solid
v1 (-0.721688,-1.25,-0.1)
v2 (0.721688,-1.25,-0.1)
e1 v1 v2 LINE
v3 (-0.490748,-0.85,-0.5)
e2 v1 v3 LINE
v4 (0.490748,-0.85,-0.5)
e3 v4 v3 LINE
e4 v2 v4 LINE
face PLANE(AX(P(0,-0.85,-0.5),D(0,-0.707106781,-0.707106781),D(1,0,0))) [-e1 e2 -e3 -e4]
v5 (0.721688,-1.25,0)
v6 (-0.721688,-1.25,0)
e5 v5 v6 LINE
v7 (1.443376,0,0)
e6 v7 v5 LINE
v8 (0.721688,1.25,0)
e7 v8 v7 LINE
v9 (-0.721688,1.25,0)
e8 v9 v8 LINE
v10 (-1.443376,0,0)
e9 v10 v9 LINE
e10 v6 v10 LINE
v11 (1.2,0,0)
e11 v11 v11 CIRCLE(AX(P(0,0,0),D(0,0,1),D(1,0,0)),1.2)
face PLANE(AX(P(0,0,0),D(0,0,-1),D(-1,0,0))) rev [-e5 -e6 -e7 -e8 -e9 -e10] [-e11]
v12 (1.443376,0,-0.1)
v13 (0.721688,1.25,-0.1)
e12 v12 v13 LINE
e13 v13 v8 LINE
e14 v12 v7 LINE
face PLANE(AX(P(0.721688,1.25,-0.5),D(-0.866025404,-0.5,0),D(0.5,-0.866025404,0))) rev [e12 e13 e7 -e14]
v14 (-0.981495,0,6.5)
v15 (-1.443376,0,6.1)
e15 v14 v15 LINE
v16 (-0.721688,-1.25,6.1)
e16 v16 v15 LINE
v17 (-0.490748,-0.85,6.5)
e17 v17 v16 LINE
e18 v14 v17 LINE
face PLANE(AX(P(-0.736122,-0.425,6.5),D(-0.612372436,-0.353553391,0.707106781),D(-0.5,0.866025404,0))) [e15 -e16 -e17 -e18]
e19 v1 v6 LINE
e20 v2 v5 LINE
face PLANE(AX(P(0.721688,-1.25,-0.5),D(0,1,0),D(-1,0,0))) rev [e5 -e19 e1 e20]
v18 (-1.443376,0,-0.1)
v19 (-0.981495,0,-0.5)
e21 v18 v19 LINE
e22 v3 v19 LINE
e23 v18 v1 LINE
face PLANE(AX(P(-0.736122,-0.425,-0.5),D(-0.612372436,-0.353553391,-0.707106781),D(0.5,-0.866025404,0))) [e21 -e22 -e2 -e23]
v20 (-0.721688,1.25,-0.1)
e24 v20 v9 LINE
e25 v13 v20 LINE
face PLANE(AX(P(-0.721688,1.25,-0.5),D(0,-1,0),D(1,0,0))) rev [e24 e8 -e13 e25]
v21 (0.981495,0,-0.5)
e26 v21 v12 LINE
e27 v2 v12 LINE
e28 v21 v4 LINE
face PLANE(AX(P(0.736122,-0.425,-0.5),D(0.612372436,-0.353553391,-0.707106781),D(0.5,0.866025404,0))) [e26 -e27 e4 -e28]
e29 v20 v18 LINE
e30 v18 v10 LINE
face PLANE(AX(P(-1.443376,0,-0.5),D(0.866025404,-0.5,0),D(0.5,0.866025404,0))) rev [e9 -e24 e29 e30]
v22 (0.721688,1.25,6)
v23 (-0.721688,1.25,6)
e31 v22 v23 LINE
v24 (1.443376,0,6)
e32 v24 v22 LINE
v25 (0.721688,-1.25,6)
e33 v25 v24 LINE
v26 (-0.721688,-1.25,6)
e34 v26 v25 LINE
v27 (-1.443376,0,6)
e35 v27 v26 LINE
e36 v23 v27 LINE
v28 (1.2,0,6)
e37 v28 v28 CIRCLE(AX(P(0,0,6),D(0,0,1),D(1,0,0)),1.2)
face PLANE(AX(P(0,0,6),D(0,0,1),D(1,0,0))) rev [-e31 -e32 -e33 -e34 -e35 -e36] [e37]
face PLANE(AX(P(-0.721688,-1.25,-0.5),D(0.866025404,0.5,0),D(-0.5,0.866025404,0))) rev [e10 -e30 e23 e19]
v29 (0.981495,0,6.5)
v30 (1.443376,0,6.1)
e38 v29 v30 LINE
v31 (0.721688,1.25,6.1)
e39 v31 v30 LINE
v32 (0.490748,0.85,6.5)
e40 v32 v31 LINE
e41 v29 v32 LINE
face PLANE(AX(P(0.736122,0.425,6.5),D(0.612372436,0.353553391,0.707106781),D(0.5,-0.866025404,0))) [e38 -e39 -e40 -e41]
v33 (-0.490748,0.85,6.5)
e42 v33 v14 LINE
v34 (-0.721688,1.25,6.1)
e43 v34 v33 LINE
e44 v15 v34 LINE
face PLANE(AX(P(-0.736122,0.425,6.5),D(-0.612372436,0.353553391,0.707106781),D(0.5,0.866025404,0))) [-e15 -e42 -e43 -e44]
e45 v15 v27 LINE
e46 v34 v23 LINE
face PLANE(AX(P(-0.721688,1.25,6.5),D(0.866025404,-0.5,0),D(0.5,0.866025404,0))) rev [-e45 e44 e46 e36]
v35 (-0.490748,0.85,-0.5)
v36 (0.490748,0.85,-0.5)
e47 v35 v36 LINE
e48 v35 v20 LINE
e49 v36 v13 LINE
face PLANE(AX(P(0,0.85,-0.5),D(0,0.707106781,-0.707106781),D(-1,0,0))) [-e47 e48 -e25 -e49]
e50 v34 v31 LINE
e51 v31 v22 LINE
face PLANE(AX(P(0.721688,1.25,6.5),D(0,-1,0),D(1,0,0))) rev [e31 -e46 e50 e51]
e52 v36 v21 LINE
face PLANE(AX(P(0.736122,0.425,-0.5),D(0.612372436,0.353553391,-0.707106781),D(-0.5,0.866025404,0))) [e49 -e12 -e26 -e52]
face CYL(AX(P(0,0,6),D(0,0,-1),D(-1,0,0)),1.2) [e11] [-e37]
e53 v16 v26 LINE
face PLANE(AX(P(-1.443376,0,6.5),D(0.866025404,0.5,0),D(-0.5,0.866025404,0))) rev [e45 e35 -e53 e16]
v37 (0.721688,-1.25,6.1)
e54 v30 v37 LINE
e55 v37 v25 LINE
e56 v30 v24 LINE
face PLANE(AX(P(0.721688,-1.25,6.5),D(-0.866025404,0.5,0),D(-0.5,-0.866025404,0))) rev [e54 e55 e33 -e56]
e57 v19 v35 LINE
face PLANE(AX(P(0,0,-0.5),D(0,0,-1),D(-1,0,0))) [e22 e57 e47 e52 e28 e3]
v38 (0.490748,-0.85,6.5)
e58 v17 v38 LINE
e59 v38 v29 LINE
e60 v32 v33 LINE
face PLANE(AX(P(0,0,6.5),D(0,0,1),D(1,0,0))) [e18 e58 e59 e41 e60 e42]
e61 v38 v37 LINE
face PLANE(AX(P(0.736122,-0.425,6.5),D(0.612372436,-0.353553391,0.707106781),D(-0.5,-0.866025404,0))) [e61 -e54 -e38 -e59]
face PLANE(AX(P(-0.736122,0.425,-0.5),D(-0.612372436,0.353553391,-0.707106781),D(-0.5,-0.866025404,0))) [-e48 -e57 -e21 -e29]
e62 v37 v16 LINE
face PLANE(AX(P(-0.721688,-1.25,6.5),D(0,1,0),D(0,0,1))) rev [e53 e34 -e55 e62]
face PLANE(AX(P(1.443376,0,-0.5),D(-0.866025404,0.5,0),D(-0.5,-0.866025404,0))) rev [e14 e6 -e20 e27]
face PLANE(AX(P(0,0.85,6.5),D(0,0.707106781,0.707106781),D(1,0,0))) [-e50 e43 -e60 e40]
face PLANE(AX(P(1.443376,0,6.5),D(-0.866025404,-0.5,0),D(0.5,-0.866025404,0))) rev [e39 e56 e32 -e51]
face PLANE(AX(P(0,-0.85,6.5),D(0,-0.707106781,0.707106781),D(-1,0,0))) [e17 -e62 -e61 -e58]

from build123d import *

# Parameters (mm, degrees)
CROQUIS1_R              = 1.2
SALIENTE_EXTRUIR1_DEPTH = 6
SALIENTE_EXTRUIR2_DEPTH = 0.5
SALIENTE_EXTRUIR3_DEPTH = 0.5
CHAFL_N1_SIZE           = 0.4
CHAFL_N2_SIZE           = 0.4
CHAFL_N3_SIZE           = 0.4
CHAFL_N4_SIZE           = 0.4
CHAFL_N5_SIZE           = 0.4
CHAFL_N6_SIZE           = 0.4
CHAFL_N7_SIZE           = 0.4
CHAFL_N8_SIZE           = 0.4
CHAFL_N9_SIZE           = 0.4
CHAFL_N10_SIZE          = 0.4
CHAFL_N11_SIZE          = 0.4
CHAFL_N12_SIZE          = 0.4


with BuildPart() as part:
    # Croquis1 → Saliente-Extruir1 (new body)
    with BuildSketch(Plane.XY):
        Circle(CROQUIS1_R)
    extrude(amount=SALIENTE_EXTRUIR1_DEPTH)

    # Croquis2 → Saliente-Extruir2 (add)
    with BuildSketch(Plane.XY.offset(6)):
        Polygon((1.443375673, 0), (0.721687836, 1.25), (-0.721687836, 1.25), (-1.443375673, 0), (-0.721687836, -1.25), (0.721687836, -1.25), align=None)
    extrude(amount=SALIENTE_EXTRUIR2_DEPTH)

    # Croquis3 → Saliente-Extruir3 (add)
    with BuildSketch(Plane(origin=(0, 0, 0), x_dir=(-1, 0, 0), z_dir=(0, 0, -1))):
        Polygon((1.443375673, 0), (0.721687836, 1.25), (-0.721687836, 1.25), (-1.443375673, 0), (-0.721687836, -1.25), (0.721687836, -1.25), align=None)
    extrude(amount=SALIENTE_EXTRUIR3_DEPTH)

    # Chaflán1
    chafl_n1_edges = [part.edges().sort_by_distance(p)[0] for p in [
        (0, 1.25, 6.5),
    ]]
    chamfer(chafl_n1_edges, length=CHAFL_N1_SIZE)

    # Chaflán2
    chafl_n2_edges = [part.edges().sort_by_distance(p)[0] for p in [
        (1.198001809, 0.425, 6.5),
    ]]
    chamfer(chafl_n2_edges, length=CHAFL_N2_SIZE)

    # Chaflán3
    chafl_n3_edges = [part.edges().sort_by_distance(p)[0] for p in [
        (0.967061701, -0.825, 6.5),
    ]]
    chamfer(chafl_n3_edges, length=CHAFL_N3_SIZE)

    # Chaflán4
    chafl_n4_edges = [part.edges().sort_by_distance(p)[0] for p in [
        (-0.230940108, -1.25, 6.5),
    ]]
    chamfer(chafl_n4_edges, length=CHAFL_N4_SIZE)

    # Chaflán5
    chafl_n5_edges = [part.edges().sort_by_distance(p)[0] for p in [
        (-1.198001809, -0.425, 6.5),
    ]]
    chamfer(chafl_n5_edges, length=CHAFL_N5_SIZE)

    # Chaflán6
    chafl_n6_edges = [part.edges().sort_by_distance(p)[0] for p in [
        (-1.082531755, 0.625, 6.5),
    ]]
    chamfer(chafl_n6_edges, length=CHAFL_N6_SIZE)

    # Chaflán7
    chafl_n7_edges = [part.edges().sort_by_distance(p)[0] for p in [
        (1.082531755, -0.625, -0.5),
    ]]
    chamfer(chafl_n7_edges, length=CHAFL_N7_SIZE)

    # Chaflán8
    chafl_n8_edges = [part.edges().sort_by_distance(p)[0] for p in [
        (0.967061701, 0.825, -0.5),
    ]]
    chamfer(chafl_n8_edges, length=CHAFL_N8_SIZE)

    # Chaflán9
    chafl_n9_edges = [part.edges().sort_by_distance(p)[0] for p in [
        (-0.230940108, 1.25, -0.5),
    ]]
    chamfer(chafl_n9_edges, length=CHAFL_N9_SIZE)

    # Chaflán10
    chafl_n10_edges = [part.edges().sort_by_distance(p)[0] for p in [
        (-0.230940108, -1.25, -0.5),
    ]]
    chamfer(chafl_n10_edges, length=CHAFL_N10_SIZE)

    # Chaflán11
    chafl_n11_edges = [part.edges().sort_by_distance(p)[0] for p in [
        (-1.198001809, -0.425, -0.5),
    ]]
    chamfer(chafl_n11_edges, length=CHAFL_N11_SIZE)

    # Chaflán12
    chafl_n12_edges = [part.edges().sort_by_distance(p)[0] for p in [
        (-1.082531755, 0.625, -0.5),
    ]]
    chamfer(chafl_n12_edges, length=CHAFL_N12_SIZE)


solid = part.part
